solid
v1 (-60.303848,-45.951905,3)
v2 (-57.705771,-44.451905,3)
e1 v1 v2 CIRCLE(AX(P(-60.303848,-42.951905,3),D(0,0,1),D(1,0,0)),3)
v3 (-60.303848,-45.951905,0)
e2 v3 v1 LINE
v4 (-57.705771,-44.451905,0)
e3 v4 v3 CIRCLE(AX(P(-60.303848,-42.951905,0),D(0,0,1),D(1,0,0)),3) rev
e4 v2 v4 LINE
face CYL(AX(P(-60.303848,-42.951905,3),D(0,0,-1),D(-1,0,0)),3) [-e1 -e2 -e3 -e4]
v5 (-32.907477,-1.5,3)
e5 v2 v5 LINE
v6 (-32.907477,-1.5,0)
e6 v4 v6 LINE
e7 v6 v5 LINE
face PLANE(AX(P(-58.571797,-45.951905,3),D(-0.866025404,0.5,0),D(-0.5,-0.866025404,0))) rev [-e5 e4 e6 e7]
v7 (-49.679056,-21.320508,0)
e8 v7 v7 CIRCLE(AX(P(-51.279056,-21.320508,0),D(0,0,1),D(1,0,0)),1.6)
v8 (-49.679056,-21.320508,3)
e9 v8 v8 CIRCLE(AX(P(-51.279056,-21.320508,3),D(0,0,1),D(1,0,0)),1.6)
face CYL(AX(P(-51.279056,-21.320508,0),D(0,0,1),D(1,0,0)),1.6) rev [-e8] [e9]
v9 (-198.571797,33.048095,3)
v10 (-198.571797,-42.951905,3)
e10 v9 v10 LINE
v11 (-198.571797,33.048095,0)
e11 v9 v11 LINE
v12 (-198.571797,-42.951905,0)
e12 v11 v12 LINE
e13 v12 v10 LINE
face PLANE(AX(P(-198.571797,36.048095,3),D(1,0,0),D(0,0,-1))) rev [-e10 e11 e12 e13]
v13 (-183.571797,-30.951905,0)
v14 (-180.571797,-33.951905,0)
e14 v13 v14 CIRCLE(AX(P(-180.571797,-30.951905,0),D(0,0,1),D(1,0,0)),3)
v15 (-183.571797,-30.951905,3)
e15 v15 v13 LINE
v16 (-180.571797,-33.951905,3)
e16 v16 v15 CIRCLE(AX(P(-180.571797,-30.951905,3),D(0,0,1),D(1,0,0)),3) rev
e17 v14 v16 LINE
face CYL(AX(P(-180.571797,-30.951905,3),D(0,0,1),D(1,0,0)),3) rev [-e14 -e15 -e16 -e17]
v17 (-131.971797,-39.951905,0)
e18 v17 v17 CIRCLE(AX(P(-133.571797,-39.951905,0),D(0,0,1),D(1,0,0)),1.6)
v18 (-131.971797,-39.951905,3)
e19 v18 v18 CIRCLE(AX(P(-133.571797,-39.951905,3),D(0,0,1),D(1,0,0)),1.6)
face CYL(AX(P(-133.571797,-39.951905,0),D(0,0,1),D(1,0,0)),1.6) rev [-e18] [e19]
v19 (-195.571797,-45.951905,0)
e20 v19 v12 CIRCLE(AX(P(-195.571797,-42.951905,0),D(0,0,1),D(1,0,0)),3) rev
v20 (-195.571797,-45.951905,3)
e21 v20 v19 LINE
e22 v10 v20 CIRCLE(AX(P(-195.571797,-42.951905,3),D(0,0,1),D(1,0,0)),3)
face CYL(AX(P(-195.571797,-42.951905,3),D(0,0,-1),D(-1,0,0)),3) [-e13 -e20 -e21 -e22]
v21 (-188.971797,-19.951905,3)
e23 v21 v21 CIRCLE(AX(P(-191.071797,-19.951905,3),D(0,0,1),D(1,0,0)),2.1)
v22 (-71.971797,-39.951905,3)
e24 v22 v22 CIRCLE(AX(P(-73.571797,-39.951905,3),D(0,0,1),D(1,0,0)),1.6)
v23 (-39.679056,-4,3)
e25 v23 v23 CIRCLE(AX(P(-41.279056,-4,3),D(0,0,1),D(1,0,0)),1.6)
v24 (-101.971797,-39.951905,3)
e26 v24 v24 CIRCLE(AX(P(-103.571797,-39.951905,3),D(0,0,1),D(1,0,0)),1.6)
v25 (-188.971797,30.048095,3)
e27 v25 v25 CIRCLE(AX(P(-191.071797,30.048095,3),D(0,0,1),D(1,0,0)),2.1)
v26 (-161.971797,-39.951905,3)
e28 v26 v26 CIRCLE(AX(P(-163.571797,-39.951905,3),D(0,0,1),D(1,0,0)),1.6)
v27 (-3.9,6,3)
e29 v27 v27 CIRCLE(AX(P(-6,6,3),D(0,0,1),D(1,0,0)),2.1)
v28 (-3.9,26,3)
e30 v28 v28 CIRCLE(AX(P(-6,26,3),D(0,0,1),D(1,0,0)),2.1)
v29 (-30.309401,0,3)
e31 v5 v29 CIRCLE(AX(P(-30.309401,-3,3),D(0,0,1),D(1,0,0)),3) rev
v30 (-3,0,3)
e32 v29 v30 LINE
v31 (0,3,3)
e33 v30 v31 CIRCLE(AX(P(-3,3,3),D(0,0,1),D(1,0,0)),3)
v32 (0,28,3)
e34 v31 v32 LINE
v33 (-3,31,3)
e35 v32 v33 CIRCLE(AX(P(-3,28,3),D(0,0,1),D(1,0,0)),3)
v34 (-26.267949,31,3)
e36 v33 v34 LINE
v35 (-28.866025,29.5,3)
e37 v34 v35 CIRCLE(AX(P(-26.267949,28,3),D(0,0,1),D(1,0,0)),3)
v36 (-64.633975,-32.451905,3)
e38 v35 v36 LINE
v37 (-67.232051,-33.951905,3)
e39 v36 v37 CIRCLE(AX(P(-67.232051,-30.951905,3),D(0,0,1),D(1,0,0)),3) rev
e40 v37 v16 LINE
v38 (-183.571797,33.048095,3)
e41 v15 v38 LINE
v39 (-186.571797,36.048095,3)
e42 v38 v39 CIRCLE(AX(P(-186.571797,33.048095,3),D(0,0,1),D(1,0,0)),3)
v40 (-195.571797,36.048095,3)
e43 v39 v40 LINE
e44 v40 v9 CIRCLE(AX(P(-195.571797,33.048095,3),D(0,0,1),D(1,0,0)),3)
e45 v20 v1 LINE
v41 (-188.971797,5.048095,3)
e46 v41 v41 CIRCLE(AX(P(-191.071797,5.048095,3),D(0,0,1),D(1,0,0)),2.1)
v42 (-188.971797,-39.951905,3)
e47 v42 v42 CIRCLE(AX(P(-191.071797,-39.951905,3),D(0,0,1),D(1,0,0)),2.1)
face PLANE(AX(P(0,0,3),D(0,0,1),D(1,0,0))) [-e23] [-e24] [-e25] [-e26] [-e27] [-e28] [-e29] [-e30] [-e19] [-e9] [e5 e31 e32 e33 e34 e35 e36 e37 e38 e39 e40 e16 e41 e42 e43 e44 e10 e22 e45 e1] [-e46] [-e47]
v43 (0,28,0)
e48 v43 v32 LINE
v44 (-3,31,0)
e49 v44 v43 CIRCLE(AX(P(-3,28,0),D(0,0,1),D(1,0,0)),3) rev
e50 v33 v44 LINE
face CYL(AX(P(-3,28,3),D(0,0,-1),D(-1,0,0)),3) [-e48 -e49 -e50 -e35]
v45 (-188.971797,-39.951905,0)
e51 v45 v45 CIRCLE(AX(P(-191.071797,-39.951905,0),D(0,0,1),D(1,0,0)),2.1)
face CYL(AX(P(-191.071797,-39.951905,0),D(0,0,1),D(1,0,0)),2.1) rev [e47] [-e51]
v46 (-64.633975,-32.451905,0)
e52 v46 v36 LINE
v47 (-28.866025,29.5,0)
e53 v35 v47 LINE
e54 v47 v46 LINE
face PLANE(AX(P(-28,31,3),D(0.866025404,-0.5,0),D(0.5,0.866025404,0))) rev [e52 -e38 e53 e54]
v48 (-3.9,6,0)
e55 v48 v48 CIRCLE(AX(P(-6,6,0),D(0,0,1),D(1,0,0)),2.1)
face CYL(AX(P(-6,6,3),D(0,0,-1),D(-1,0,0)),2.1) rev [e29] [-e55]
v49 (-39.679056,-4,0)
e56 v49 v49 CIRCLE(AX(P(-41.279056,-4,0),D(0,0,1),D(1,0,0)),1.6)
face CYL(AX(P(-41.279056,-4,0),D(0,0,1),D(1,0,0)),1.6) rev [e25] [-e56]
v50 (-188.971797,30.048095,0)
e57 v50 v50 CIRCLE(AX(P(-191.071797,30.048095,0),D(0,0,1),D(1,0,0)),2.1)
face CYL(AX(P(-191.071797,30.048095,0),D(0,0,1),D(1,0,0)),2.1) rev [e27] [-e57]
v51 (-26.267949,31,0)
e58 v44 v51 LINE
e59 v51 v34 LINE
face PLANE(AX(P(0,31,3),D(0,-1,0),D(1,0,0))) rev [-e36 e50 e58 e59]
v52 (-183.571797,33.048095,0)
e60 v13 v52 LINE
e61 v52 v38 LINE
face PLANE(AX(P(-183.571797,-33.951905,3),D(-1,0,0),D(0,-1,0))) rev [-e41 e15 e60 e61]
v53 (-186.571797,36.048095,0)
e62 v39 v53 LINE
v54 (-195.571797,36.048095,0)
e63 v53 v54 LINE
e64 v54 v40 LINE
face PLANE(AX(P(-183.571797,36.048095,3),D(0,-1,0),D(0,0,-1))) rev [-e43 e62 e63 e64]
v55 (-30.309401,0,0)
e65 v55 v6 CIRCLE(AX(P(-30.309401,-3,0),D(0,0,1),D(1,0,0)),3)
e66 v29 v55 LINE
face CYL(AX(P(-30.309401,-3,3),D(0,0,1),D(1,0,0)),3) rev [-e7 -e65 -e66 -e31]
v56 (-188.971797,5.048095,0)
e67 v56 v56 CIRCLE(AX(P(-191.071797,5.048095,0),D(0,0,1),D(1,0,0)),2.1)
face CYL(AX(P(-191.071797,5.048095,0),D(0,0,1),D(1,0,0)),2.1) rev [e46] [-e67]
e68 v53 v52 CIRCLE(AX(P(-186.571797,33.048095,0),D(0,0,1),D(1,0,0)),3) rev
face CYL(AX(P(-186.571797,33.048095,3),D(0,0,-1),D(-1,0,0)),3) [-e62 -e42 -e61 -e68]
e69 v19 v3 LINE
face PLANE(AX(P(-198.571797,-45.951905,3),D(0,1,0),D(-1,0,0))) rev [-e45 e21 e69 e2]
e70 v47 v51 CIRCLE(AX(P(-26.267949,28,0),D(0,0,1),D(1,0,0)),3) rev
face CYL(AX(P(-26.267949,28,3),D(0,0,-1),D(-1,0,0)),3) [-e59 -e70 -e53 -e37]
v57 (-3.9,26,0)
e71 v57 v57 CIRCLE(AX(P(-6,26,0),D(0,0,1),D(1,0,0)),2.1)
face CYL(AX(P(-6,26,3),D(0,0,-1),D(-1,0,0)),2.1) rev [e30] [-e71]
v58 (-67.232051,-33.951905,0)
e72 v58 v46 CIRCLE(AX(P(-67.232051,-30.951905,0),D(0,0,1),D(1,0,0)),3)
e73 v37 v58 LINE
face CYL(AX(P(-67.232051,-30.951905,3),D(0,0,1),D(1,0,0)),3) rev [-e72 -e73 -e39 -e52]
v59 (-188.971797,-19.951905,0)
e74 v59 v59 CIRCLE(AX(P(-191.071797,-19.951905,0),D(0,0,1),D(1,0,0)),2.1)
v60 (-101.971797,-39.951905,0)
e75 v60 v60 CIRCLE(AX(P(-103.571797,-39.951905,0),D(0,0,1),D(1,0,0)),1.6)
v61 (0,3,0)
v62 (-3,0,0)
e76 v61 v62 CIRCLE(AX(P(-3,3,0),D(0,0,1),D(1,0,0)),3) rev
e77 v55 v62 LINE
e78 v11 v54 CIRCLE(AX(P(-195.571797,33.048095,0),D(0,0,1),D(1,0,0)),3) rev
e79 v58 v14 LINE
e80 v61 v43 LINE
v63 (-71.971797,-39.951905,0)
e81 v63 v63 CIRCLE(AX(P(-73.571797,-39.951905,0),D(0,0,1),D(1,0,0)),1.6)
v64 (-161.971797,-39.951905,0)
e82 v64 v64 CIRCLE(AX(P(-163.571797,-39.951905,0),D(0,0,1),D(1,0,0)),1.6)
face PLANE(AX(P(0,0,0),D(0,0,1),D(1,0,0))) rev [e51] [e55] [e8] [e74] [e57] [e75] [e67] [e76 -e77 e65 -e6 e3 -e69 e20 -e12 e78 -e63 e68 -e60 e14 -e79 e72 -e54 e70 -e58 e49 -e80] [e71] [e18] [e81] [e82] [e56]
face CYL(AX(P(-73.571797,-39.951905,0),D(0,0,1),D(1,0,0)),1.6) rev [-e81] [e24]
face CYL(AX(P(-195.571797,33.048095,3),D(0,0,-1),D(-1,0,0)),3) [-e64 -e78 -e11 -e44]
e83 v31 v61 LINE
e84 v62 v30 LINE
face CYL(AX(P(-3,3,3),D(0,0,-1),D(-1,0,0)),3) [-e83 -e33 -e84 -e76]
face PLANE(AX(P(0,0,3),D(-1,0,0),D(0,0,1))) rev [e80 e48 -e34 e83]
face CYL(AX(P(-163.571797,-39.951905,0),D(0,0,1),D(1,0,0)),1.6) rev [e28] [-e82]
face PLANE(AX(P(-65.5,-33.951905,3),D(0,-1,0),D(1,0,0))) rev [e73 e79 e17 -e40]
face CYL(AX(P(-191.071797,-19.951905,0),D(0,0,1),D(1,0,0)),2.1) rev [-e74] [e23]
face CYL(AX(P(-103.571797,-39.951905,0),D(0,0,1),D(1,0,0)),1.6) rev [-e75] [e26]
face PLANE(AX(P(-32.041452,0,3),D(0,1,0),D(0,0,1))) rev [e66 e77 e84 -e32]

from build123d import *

# Parameters (mm, degrees)
SKETCH_1_R          = 2.1
EXTRUDE_1_DEPTH     = 3
FILLET_2_R          = 3
SKETCH_3_R          = 1.6
SKETCH_3_R_2        = 2.1
CUT_EXTRUDE_2_DEPTH = 3


with BuildPart() as part:
    # 草图1 → 凸台-拉伸1 (new body)
    with BuildSketch(Plane.XY):
        Polygon((0, 0), (0, 31), (-28, 31), (-65.5, -33.951905284), (-183.57179677, -33.951905284), (-183.57179677, 36.048094716), (-198.57179677, 36.048094716), (-198.57179677, -45.951905284), (-58.57179677, -45.951905284), (-32.041451884, 0), align=None)
        with Locations((-6, 26)):
            Circle(SKETCH_1_R, mode=Mode.SUBTRACT)
        with Locations((-6, 6)):
            Circle(SKETCH_1_R, mode=Mode.SUBTRACT)
    extrude(amount=EXTRUDE_1_DEPTH)

    # 圆角2
    fillet_2_edges = [part.edges().sort_by_distance(p)[0] for p in [
        (-32.041451884, 0, 1.5),
        (-58.57179677, -45.951905284, 1.5),
        (-198.57179677, -45.951905284, 1.5),
        (-198.57179677, 36.048094716, 1.5),
        (-183.57179677, 36.048094716, 1.5),
        (-183.57179677, -33.951905284, 1.5),
        (-65.5, -33.951905284, 1.5),
        (-28, 31, 1.5),
        (0, 31, 1.5),
        (0, 0, 1.5),
    ]]
    fillet(fillet_2_edges, radius=FILLET_2_R)

    # 草图3 → 切除-拉伸2 (cut)
    with BuildSketch(Plane.XY.offset(3)):
        with Locations((-41.279056191, -4)):
            Circle(SKETCH_3_R)
        with Locations((-51.279056191, -21.320508076)):
            Circle(SKETCH_3_R)
        with Locations((-73.57179677, -39.951905284)):
            Circle(SKETCH_3_R)
        with Locations((-103.57179677, -39.951905284)):
            Circle(SKETCH_3_R)
        with Locations((-133.57179677, -39.951905284)):
            Circle(SKETCH_3_R)
        with Locations((-191.07179677, -19.951905284)):
            Circle(SKETCH_3_R_2)
        with Locations((-191.07179677, 5.048094716)):
            Circle(SKETCH_3_R_2)
        with Locations((-191.07179677, 30.048094716)):
            Circle(SKETCH_3_R_2)
        with Locations((-191.07179677, -39.951905284)):
            Circle(SKETCH_3_R_2)
        with Locations((-163.57179677, -39.951905284)):
            Circle(SKETCH_3_R)
    extrude(amount=-CUT_EXTRUDE_2_DEPTH, mode=Mode.SUBTRACT)


solid = part.part
